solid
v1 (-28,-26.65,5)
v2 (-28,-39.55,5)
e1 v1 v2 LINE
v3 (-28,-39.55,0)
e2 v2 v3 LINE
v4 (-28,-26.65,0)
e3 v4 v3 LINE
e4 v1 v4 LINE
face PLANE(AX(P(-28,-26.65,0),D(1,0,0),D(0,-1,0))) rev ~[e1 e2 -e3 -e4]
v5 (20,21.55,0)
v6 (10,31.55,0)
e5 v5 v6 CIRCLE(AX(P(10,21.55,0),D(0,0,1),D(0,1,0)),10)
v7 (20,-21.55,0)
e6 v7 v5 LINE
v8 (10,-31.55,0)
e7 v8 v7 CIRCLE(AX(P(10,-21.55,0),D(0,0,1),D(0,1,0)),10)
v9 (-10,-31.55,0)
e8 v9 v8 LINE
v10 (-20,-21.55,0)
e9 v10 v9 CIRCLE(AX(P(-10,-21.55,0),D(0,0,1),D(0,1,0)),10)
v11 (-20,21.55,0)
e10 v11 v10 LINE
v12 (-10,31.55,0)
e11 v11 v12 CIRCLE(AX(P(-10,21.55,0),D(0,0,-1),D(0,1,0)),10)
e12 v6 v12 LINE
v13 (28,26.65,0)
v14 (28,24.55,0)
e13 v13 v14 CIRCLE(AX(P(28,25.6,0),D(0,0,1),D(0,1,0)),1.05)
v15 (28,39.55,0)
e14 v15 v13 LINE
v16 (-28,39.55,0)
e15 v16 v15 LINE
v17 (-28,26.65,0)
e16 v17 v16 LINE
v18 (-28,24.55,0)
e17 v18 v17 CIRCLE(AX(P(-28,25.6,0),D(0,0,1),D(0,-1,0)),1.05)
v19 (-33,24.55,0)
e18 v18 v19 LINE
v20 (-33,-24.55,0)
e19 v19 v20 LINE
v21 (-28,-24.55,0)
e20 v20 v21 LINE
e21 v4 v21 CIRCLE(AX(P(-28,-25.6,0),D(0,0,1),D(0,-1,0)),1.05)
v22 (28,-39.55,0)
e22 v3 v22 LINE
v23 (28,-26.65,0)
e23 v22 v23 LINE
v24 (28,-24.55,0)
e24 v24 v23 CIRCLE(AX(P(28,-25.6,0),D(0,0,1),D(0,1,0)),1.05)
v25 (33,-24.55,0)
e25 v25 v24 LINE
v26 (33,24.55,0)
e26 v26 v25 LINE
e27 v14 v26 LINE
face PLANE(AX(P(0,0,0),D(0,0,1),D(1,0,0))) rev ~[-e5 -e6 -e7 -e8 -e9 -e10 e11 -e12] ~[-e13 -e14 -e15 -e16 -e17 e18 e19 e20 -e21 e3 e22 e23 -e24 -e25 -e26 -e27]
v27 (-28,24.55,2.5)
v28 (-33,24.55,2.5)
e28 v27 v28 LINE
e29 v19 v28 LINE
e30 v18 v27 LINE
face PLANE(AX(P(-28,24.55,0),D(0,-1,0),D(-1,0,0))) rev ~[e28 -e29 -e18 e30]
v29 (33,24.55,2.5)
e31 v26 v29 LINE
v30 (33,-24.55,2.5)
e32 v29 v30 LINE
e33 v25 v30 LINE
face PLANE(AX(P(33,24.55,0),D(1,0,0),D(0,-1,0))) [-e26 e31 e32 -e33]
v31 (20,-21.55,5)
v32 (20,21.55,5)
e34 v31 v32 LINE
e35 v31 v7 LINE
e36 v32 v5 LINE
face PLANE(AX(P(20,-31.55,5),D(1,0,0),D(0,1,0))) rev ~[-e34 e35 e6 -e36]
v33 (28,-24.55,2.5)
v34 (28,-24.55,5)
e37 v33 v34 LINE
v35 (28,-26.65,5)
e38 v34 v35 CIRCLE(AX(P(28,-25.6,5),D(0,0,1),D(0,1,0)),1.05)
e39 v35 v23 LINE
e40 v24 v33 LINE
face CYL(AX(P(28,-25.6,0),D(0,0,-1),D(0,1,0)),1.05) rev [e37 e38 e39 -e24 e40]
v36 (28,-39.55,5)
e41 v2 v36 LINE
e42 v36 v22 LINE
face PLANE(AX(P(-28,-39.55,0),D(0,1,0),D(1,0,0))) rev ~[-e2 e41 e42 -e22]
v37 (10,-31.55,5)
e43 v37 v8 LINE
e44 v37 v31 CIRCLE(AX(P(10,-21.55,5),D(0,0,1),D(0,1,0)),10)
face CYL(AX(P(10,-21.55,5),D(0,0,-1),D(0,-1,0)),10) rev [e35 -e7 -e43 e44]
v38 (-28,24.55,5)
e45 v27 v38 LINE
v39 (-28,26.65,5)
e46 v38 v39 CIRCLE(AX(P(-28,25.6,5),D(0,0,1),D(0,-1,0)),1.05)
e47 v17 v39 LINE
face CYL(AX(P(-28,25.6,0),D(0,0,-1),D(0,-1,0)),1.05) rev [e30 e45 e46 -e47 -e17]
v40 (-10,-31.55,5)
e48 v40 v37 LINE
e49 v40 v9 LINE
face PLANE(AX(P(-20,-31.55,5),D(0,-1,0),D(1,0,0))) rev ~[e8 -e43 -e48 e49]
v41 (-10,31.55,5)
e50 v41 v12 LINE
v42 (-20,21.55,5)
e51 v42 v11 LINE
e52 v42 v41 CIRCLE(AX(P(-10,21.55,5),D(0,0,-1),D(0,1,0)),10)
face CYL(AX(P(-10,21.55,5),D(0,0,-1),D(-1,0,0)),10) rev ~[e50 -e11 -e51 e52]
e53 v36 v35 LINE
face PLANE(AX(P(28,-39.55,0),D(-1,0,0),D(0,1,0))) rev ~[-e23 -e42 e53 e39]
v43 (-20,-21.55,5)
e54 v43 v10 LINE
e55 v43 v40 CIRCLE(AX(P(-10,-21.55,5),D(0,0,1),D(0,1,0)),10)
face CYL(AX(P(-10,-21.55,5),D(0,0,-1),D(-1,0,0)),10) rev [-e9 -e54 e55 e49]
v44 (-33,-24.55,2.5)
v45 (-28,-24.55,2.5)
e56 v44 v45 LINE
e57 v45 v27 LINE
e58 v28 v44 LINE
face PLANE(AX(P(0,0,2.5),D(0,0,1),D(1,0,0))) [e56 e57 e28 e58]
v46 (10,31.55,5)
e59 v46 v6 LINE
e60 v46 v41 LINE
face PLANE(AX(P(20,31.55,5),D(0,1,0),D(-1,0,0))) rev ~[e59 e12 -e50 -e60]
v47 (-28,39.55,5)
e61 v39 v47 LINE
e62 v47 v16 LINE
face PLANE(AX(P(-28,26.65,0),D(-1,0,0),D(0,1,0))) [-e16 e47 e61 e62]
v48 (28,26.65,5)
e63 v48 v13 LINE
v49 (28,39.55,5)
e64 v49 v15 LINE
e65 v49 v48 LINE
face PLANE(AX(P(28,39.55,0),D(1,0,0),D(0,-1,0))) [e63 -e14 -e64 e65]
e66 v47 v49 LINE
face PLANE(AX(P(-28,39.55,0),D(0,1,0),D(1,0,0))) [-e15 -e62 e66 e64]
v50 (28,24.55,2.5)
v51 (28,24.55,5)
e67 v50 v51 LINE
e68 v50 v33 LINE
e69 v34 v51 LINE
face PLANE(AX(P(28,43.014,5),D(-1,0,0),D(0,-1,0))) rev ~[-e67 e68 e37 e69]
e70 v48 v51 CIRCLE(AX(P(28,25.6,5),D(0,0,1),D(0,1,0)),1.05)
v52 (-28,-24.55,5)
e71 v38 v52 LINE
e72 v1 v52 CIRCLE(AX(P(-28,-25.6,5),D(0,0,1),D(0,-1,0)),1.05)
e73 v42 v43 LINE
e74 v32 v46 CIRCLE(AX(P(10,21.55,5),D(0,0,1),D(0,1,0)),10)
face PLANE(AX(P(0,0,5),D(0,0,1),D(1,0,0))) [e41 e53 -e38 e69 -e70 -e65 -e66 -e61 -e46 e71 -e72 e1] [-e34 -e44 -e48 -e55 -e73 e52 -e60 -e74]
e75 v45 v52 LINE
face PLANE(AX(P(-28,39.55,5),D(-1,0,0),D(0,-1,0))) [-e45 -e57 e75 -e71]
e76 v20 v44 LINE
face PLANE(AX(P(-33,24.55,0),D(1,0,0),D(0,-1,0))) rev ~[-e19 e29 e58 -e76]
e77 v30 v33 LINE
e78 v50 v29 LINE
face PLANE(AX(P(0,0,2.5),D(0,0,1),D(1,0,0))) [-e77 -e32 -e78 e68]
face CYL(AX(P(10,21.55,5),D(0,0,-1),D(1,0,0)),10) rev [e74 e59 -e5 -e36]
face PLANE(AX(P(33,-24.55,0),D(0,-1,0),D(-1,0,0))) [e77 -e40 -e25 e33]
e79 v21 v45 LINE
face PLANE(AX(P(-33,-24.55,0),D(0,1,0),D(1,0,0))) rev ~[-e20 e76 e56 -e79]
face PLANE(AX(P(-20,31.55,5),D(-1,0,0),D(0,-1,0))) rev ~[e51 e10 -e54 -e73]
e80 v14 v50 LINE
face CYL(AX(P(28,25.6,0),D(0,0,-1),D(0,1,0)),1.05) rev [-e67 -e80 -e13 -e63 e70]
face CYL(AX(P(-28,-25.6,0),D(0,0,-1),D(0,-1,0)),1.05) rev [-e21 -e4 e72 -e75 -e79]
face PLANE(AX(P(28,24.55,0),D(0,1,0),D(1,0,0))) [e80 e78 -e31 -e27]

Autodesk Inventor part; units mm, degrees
ref_plane "YZ Plane" through (0, 0, 0) normal (1, 0, 0) x (0, 1, 0)
ref_plane "XZ Plane" through (0, 0, 0) normal (0, 1, 0) x (-1, 0, 0)
ref_plane "XY Plane" through (0, 0, 0) normal (0, 0, 1) x (1, 0, 0)
sketch "スケッチ1" plane through (0, 0, 0) normal (0, 0, 1) x (1, 0, 0)
  line L0 (-28, -39.55) -> (28, -39.55) construction
  line L1 (28, -39.55) -> (28, 39.55) construction
  line L2 (28, 39.55) -> (-28, 39.55) construction
  line L3 (-28, 39.55) -> (-28, -39.55) construction
  line L4 (-28, -39.55) -> (28, 39.55) construction
  line L5 (28, -39.55) -> (-28, 39.55) construction
  line L6 (-28, 26.65) -> (-28, 39.55)
  line L7 (-28, 39.55) -> (28, 39.55)
  line L8 (28, 39.55) -> (28, 26.65)
  line L9 (-28, 24.55) -> (-33, 24.55)
  line L10 (-33, 24.55) -> (-33, -24.55)
  line L11 (-33, -24.55) -> (-28, -24.55)
  line L12 (-28, -26.65) -> (-28, -39.55)
  line L13 (-28, -39.55) -> (28, -39.55)
  line L14 (28, -39.55) -> (28, -26.65)
  line L15 (28, 24.55) -> (33, 24.55)
  line L16 (33, 24.55) -> (33, -24.55)
  line L17 (33, -24.55) -> (28, -24.55)
  arc A0 (-28, 24.55) -> (-28, 26.65) centre (-28, 25.6) ccw
  arc A1 (-28, -26.65) -> (-28, -24.55) centre (-28, -25.6) ccw
  arc A2 (28, -24.55) -> (28, -26.65) centre (28, -25.6) ccw
  line L18 (0, 0) -> (0, 39.55) construction
  line L19 (0, 0) -> (28, 0) construction
  arc A3 (28, 26.65) -> (28, 24.55) centre (28, 25.6) ccw
  dimension "d9" = 56
  dimension "d12" = 79.1
  dimension "d13" = 15
  dimension "d39" = 15
  dimension "d40" = 1.05
  dimension "d41" = 5
extrude "押し出し1" add sketch "スケッチ1" along normal blind 5
sketch "スケッチ2" plane through (0, 0, 5) normal (0, 0, 1) x (1, 0, 0)
  line L0 (-28, 39.55) -> (-28, 26.65) projected
  line L1 (28, 39.55) -> (-28, 39.55) projected
  line L2 (-67.7785, 43.014) -> (-28, 43.014)
  line L3 (-28, 43.014) -> (-28, -43.014)
  line L4 (-28, -43.014) -> (-67.7785, -43.014)
  line L5 (-67.7785, -43.014) -> (-67.7785, 43.014)
  line L6 (67.7785, 43.014) -> (28, 43.014)
  line L7 (28, 43.014) -> (28, -43.014)
  line L8 (28, -43.014) -> (67.7785, -43.014)
  line L9 (67.7785, -43.014) -> (67.7785, 43.014)
  line L10 (0, 0) -> (0, 39.55) construction
  line L11 (0, 0) -> (33, 0) construction
  line L12 (33, 24.55) -> (33, -24.55) construction
extrude "押し出し2" cut sketch "スケッチ2" against normal blind 2.5
sketch "スケッチ3" plane through (0, 0, 5) normal (0, 0, 1) x (1, 0, 0)
  line L0 (28, 39.55) -> (-28, 39.55) projected
  line L1 (-28, 39.55) -> (-28, 26.65) projected
  line L2 (-20, -31.55) -> (20, -31.55)
  line L3 (20, -31.55) -> (20, 31.55)
  line L4 (20, 31.55) -> (-20, 31.55)
  line L5 (-20, 31.55) -> (-20, -31.55)
  line L6 (-20, -31.55) -> (20, 31.55) construction
  line L7 (20, -31.55) -> (-20, 31.55) construction
  point P0 (0, 0)
  dimension "d47" = 8
  dimension "d48" = 8
extrude "押し出し3" cut sketch "スケッチ3" against normal blind 10
fillet "フィレット1" radius 10 4 edges at (-20, 31.55, 2.5) (20, 31.55, 2.5) (20, -31.55, 2.5) (-20, -31.55, 2.5)
equation "\"d12\" = d18"
equation "\"d13\" = d28"
equation "\"d39\" = d13"
equation "\"d47\" = d48"
equation "\"d18\" = 79.1"
equation "\"d28\" = 15"
properties part number "コックピット_2_サブフレーム_1" material "アセタール樹脂、黒"
